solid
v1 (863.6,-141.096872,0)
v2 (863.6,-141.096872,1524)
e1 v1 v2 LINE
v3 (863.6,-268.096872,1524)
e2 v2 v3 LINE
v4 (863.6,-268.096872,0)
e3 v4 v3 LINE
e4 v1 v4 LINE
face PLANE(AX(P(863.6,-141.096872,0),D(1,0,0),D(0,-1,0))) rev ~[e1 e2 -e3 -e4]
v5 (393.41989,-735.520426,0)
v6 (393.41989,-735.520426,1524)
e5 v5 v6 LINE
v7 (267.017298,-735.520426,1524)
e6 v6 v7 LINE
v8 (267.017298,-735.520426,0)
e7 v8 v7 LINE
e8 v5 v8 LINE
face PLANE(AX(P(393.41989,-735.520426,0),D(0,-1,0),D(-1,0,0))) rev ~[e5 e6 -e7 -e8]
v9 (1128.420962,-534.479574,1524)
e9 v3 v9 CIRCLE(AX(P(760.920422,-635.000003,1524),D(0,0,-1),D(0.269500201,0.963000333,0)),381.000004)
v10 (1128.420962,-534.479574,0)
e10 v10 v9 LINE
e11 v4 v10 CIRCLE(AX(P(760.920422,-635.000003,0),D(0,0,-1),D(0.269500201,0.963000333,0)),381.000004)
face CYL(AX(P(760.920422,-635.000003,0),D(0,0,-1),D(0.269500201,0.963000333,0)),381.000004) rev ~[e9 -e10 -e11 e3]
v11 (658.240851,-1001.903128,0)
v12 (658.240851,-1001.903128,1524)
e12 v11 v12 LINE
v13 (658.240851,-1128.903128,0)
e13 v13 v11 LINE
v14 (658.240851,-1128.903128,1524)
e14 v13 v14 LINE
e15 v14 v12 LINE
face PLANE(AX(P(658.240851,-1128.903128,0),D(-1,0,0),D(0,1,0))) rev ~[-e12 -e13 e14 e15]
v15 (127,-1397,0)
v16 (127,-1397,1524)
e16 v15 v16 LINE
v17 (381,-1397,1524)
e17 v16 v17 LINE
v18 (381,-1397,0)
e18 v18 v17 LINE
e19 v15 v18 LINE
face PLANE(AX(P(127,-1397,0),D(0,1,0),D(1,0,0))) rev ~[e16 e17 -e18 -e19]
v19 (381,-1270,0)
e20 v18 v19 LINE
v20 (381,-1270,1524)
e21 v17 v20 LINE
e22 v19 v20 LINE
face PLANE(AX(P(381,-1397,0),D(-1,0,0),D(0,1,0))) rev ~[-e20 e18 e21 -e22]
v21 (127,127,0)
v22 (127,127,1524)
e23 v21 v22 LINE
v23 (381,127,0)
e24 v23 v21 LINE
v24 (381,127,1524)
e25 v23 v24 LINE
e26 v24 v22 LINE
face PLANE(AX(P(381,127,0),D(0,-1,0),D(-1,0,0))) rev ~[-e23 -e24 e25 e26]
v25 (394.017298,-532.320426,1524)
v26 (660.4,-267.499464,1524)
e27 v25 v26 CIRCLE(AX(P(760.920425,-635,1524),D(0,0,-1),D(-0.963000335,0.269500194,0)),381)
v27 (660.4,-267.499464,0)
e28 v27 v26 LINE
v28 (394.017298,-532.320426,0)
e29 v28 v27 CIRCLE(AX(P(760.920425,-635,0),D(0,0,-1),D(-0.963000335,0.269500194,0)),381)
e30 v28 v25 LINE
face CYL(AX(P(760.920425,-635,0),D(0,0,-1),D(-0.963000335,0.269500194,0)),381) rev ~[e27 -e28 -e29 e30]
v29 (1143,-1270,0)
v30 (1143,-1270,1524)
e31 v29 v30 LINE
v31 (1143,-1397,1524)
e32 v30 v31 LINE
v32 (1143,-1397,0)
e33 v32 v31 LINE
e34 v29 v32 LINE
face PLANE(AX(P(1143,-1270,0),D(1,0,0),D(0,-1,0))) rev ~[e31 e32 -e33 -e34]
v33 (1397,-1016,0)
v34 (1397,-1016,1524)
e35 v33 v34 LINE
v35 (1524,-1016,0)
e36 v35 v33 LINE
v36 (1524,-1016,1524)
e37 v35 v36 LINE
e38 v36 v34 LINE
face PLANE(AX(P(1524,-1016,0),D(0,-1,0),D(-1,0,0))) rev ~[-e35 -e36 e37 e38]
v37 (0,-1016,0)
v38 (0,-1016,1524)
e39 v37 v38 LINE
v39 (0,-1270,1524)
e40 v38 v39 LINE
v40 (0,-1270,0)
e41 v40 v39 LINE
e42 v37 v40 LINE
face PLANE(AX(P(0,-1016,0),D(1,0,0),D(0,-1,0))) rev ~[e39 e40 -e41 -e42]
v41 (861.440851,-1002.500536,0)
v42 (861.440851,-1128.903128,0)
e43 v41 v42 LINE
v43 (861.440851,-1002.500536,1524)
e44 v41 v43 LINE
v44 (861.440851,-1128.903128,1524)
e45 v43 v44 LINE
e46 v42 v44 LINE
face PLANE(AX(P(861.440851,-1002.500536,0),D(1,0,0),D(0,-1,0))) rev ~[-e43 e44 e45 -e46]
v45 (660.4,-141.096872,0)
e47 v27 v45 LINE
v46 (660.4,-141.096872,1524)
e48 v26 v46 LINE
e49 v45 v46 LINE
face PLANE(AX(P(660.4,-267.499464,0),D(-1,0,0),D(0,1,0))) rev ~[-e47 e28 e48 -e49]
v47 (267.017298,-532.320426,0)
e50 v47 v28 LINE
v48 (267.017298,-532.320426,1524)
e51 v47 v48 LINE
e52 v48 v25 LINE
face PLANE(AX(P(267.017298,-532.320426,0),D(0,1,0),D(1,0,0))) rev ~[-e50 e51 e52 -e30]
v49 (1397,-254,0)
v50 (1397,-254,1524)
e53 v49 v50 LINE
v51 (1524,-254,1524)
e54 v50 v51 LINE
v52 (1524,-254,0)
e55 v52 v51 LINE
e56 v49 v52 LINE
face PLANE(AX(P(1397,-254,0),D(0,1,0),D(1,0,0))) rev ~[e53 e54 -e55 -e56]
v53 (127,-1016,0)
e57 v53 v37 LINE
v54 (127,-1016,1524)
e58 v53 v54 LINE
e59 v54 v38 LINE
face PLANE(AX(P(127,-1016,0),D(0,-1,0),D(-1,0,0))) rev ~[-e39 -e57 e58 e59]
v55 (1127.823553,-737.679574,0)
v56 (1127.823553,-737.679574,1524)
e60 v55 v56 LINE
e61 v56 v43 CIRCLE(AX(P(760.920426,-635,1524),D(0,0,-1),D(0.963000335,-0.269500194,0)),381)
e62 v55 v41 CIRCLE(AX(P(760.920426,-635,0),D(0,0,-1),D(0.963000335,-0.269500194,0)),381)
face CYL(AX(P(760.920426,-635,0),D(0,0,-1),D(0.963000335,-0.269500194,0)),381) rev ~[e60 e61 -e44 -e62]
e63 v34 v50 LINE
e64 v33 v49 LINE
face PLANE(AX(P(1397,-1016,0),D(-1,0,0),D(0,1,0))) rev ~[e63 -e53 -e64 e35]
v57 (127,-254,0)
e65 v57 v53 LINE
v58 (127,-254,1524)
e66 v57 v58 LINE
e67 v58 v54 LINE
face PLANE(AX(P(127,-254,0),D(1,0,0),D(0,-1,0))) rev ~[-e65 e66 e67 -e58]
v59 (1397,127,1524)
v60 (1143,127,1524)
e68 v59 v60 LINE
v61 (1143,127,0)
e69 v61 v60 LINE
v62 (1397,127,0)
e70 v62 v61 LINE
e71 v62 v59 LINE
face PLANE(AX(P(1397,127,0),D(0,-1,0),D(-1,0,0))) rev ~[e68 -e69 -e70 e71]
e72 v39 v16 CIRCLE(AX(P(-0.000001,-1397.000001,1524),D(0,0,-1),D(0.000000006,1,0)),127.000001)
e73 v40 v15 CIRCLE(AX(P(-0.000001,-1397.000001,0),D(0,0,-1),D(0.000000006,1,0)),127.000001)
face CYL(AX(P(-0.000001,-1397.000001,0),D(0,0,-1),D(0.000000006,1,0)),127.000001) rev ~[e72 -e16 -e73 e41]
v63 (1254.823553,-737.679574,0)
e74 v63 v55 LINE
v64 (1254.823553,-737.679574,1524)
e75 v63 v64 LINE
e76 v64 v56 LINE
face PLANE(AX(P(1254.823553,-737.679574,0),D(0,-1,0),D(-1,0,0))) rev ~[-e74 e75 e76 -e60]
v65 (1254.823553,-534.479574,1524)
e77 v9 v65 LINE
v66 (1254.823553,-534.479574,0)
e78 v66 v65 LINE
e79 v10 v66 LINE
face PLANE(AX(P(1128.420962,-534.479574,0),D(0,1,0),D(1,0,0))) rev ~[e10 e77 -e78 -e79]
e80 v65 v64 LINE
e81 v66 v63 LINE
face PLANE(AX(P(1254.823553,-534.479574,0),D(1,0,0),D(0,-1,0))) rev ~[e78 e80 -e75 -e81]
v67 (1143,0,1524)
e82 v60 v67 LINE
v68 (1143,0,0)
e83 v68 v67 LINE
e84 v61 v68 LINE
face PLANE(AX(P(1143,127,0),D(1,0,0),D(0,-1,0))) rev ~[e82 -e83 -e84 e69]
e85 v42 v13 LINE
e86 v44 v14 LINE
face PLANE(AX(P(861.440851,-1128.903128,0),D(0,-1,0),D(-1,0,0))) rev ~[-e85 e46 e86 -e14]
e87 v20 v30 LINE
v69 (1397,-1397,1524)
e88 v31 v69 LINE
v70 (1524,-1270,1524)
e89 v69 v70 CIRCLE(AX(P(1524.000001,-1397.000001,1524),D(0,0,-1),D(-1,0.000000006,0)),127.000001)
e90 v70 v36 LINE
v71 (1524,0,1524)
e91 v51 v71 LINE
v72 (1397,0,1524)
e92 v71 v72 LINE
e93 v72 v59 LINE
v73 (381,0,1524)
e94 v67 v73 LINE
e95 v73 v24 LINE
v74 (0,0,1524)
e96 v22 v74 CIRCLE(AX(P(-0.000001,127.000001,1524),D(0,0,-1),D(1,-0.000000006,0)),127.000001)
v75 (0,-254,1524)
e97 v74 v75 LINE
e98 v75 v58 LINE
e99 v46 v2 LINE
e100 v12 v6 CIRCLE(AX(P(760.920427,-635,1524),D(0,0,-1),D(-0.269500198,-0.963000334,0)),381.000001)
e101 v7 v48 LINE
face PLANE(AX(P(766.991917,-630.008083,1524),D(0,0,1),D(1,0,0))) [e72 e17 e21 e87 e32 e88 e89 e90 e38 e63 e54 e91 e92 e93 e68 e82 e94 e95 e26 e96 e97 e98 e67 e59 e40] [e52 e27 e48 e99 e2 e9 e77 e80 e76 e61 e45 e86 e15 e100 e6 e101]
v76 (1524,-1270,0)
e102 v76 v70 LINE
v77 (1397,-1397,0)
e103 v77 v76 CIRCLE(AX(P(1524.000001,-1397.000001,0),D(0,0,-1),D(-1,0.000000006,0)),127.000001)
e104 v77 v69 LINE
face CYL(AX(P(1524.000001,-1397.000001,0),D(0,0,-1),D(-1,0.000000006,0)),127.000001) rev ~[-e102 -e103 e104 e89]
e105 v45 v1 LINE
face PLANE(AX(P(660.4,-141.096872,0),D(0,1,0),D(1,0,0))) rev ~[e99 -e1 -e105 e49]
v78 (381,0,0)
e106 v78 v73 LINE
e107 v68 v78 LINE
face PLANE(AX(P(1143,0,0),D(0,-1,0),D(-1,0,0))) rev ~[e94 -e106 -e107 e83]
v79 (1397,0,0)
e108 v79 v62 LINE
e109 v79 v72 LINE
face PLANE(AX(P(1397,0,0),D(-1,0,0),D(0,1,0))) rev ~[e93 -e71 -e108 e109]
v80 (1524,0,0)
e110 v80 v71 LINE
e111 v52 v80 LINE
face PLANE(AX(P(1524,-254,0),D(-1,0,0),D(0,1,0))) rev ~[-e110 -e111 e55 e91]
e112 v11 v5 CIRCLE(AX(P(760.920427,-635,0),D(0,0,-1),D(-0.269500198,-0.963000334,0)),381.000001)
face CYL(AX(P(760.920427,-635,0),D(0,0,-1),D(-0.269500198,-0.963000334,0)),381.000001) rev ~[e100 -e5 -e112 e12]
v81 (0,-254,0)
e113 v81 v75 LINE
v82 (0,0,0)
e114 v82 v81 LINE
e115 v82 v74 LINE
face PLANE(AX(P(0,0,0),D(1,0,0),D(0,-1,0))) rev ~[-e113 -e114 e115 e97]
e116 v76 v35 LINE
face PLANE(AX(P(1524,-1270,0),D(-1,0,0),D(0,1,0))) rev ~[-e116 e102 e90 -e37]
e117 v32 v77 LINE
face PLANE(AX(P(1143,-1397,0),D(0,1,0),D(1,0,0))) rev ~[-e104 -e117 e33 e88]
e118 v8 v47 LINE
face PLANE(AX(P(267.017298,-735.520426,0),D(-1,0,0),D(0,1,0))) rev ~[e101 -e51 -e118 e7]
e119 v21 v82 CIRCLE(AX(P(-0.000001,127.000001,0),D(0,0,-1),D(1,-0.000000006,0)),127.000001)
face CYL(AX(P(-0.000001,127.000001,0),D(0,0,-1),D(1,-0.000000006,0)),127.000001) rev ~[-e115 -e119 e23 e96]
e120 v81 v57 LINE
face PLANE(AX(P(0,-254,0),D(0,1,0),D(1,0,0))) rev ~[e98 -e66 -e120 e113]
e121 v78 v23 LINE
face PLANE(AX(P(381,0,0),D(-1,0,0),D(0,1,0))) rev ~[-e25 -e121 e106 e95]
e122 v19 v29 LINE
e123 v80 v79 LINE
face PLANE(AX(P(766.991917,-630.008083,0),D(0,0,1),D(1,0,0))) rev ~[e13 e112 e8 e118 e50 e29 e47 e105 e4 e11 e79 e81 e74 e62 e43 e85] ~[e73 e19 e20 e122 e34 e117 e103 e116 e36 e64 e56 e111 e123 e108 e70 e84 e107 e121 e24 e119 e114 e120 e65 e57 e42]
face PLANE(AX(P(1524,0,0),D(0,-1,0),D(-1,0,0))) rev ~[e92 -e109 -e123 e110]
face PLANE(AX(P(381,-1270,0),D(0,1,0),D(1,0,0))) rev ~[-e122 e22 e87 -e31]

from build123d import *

# Parameters (mm, degrees)
F1_DEPTH = 1524


with BuildPart() as f1:
    # F0 (on Top) → F1 (new body)
    with BuildSketch(Plane.XY):
        with BuildLine():
            ThreePointArc((127, 127), (89.802561, 37.197439), (0, 0))
            Line((0, 0), (0, -254))
            Line((0, -254), (127, -254))
            Line((127, -254), (127, -635))
            Line((127, -635), (127, -1016))
            Line((127, -1016), (0, -1016))
            Line((0, -1016), (0, -1270))
            ThreePointArc((0, -1270), (89.802561, -1307.197439), (127, -1397))
            Line((127, -1397), (381, -1397))
            Line((381, -1397), (381, -1270))
            Line((381, -1270), (1143, -1270))
            Line((1143, -1270), (1143, -1397))
            Line((1143, -1397), (1397, -1397))
            ThreePointArc((1397, -1397), (1434.197439, -1307.197439), (1524, -1270))
            Line((1524, -1270), (1524, -1016))
            Line((1524, -1016), (1397, -1016))
            Line((1397, -1016), (1397, -635))
            Line((1397, -635), (1397, -254))
            Line((1397, -254), (1524, -254))
            Line((1524, -254), (1524, 0))
            Line((1524, 0), (1397, 0))
            Line((1397, 0), (1397, 127))
            Line((1397, 127), (1143, 127))
            Line((1143, 127), (1143, 0))
            Line((1143, 0), (381, 0))
            Line((381, 0), (381, 127))
            Line((381, 127), (127, 127))
        make_face()
        with BuildLine():
            Line((267.017298, -735.520426), (267.017298, -635))
            Line((267.017298, -635), (267.017298, -532.320426))
            Line((267.017298, -532.320426), (394.017298, -532.320426))
            ThreePointArc((394.017298, -532.320426), (492.305962, -364.801425), (660.4, -267.499464))
            Line((660.4, -267.499464), (660.4, -141.096872))
            Line((660.4, -141.096872), (762, -141.096872))
            Line((762, -141.096872), (863.6, -141.096872))
            Line((863.6, -141.096872), (863.6, -268.096872))
            ThreePointArc((863.6, -268.096872), (1031.119001, -366.385537), (1128.420962, -534.479574))
            Line((1128.420962, -534.479574), (1254.823553, -534.479574))
            Line((1254.823553, -534.479574), (1254.823553, -737.679574))
            Line((1254.823553, -737.679574), (1127.823553, -737.679574))
            ThreePointArc((1127.823553, -737.679574), (1029.534889, -905.198575), (861.440851, -1002.500536))
            Line((861.440851, -1002.500536), (861.440851, -1128.903128))
            Line((861.440851, -1128.903128), (658.240851, -1128.903128))
            Line((658.240851, -1128.903128), (658.240851, -1001.903128))
            ThreePointArc((658.240851, -1001.903128), (490.72185, -903.614463), (393.41989, -735.520426))
            Line((393.41989, -735.520426), (267.017298, -735.520426))
        make_face(mode=Mode.SUBTRACT)
    extrude(amount=F1_DEPTH)


solid = f1.part
